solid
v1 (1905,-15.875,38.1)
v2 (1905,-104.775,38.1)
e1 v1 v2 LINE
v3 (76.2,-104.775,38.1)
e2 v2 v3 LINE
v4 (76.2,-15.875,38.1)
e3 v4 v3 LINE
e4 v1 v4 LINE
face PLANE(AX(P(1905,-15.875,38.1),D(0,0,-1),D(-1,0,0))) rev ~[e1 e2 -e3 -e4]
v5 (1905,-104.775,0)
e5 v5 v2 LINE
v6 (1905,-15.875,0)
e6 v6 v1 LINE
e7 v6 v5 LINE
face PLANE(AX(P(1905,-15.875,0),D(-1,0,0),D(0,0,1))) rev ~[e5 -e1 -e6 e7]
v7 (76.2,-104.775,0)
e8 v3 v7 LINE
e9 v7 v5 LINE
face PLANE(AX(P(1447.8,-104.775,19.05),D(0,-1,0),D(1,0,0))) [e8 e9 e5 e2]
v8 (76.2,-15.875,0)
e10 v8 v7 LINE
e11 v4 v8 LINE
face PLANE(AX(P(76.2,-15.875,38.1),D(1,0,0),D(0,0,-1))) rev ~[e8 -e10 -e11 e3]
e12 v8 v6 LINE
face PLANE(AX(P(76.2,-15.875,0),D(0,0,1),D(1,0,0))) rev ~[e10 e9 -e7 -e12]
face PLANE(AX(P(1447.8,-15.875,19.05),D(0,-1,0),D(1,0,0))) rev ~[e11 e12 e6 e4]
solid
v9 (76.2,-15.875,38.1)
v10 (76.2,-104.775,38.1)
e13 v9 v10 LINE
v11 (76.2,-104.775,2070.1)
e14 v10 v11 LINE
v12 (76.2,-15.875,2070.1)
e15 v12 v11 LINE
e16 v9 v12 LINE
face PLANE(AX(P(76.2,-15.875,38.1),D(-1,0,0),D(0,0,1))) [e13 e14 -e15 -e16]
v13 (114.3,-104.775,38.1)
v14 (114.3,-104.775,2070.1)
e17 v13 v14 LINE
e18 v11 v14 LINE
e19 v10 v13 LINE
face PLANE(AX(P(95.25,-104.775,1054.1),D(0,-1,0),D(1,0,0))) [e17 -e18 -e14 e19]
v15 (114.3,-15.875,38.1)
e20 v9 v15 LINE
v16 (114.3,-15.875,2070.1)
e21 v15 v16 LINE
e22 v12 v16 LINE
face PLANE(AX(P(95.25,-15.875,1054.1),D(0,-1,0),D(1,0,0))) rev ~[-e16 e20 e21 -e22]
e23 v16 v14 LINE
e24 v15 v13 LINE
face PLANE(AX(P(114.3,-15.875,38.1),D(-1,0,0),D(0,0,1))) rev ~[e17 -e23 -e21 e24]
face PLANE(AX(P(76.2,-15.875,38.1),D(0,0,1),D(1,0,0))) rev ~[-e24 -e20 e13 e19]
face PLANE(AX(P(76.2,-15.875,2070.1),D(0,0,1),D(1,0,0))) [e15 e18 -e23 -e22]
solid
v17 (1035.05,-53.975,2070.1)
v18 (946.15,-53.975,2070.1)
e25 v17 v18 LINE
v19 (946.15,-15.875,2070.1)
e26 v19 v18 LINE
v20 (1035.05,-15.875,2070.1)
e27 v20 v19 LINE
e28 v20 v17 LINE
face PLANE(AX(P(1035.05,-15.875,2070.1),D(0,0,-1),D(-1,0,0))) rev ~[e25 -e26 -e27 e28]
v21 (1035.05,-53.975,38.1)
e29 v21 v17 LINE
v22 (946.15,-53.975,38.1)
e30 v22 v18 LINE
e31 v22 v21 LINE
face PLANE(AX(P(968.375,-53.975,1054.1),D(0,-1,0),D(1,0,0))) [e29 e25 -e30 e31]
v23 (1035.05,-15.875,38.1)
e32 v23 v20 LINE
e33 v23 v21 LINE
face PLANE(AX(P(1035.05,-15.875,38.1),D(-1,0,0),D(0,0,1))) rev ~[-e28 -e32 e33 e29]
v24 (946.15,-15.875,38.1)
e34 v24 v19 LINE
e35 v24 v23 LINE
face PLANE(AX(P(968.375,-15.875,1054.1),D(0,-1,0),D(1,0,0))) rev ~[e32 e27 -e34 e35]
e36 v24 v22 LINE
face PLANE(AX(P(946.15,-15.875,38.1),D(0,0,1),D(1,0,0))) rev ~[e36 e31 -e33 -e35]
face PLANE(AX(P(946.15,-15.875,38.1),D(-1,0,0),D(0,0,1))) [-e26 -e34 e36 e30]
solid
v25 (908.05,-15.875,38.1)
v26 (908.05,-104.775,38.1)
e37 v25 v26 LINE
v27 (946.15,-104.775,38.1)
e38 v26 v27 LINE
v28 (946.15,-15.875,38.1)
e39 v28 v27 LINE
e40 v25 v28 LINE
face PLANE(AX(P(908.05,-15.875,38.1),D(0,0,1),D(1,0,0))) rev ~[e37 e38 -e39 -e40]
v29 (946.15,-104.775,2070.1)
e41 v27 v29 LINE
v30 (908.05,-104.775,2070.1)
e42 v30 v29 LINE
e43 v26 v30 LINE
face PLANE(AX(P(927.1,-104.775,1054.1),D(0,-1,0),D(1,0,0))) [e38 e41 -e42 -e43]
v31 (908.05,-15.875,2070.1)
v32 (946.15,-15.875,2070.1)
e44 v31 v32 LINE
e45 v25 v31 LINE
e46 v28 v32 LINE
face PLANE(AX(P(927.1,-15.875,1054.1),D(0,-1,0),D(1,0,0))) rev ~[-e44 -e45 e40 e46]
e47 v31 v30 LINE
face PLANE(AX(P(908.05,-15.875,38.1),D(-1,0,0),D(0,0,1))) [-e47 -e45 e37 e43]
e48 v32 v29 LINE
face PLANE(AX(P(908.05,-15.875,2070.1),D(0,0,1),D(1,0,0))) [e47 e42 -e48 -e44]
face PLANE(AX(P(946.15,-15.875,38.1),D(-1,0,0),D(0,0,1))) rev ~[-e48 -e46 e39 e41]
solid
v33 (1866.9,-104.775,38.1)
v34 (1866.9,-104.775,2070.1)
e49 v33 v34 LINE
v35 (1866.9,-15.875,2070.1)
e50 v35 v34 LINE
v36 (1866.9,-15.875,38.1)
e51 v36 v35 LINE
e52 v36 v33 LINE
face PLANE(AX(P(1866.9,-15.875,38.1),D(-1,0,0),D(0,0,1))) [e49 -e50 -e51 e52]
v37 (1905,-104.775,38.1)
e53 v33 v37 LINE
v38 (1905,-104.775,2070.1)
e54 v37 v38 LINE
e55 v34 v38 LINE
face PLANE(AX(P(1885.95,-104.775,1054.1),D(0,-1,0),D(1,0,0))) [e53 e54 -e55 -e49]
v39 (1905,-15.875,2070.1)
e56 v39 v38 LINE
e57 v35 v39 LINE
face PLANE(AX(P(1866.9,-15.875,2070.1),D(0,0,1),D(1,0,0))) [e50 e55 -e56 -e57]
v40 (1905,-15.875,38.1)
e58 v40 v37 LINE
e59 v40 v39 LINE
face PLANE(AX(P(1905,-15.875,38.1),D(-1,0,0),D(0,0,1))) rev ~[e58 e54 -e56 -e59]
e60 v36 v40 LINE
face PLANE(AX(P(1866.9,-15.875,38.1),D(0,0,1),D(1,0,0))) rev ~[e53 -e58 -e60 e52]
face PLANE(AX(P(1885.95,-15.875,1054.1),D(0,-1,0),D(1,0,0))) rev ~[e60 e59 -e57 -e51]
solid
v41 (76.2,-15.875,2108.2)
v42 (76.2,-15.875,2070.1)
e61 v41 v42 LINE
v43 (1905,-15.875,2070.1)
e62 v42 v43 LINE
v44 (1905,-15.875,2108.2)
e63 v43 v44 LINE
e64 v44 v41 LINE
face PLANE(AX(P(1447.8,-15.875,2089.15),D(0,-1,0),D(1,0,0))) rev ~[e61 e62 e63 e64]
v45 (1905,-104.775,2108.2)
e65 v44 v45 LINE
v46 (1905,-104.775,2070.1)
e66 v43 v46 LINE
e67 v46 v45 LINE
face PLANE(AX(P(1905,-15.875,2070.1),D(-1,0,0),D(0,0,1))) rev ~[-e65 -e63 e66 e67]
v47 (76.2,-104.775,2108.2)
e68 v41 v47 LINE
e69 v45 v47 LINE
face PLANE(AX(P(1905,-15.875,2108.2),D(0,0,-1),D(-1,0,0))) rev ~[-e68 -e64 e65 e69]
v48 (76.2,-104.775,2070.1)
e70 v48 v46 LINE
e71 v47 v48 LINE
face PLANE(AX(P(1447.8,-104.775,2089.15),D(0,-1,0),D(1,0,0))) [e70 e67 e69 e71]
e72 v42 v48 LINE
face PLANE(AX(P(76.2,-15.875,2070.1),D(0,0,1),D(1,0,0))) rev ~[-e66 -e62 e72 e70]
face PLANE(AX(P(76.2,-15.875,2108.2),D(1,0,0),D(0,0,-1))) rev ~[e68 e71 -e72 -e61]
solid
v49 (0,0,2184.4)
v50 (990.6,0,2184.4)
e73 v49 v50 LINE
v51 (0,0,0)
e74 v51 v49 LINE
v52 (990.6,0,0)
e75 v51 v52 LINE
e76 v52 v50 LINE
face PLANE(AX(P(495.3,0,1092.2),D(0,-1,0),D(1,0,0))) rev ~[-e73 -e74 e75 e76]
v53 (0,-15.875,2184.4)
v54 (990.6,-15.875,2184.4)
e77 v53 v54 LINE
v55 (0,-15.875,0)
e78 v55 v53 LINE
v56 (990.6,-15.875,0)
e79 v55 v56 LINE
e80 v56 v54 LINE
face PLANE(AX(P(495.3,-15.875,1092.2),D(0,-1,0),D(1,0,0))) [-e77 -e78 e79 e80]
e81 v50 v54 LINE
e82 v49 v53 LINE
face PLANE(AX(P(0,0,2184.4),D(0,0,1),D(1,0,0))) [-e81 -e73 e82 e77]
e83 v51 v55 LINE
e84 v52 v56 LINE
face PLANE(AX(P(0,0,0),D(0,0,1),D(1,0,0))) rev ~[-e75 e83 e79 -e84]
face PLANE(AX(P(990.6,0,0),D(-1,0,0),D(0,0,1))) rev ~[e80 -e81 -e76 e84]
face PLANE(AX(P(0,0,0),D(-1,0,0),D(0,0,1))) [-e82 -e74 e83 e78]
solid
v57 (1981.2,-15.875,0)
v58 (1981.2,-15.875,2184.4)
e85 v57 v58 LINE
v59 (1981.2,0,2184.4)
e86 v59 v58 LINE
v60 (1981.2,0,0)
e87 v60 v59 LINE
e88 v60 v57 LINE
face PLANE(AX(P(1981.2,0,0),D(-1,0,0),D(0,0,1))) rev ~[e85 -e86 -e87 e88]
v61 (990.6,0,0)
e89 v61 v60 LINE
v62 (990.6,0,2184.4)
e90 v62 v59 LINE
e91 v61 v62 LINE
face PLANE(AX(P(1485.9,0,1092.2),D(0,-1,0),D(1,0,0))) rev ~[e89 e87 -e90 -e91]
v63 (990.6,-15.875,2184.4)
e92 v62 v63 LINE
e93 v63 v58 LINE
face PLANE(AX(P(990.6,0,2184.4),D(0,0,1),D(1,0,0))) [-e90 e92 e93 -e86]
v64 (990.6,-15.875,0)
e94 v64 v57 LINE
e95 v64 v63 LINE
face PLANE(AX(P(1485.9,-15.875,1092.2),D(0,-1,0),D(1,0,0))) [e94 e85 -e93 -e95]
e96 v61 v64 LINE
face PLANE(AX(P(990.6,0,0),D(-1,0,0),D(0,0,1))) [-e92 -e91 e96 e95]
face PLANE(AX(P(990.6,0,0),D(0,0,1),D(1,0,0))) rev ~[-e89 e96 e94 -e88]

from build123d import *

# Parameters (mm, degrees)
F0_W     = 990.6
F0_H     = 2184.4
F1_DEPTH = 15.875
F2_DEPTH = 15.875
F4_DEPTH = 88.9
F3_W     = 38.1
F3_H     = 2032
F5_DEPTH = 88.9
F3_W_2   = 44.45
F6_DEPTH = 38.1


with BuildPart() as f1:
    # F0 (on Front) → F1 (new body)
    with BuildSketch(Plane.XZ):
        with Locations((495.3, 1092.2)):
            Rectangle(F0_W, F0_H)
    extrude(amount=F1_DEPTH)


with BuildPart() as f2:
    # F0 (on Front) → F2 (new body)
    with BuildSketch(Plane.XZ):
        with Locations((1485.9, 1092.2)):
            Rectangle(F0_W, F0_H)
    extrude(amount=F2_DEPTH)


with BuildPart() as f4:
    # F3 (on face) → F4 (new body)
    with BuildSketch(Plane.XZ.offset(15.875)):
        Polygon((990.6, 2108.2), (990.6, 2070.1), (1035.05, 2070.1), (1866.9, 2070.1), (1905, 2070.1), (1905, 2108.2), align=None)
        Polygon((76.2, 2108.2), (76.2, 2070.1), (114.3, 2070.1), (908.05, 2070.1), (946.15, 2070.1), (990.6, 2070.1), (990.6, 2108.2), align=None)
        Polygon((990.6, 38.1), (990.6, 0), (1905, 0), (1905, 38.1), (1866.9, 38.1), (1035.05, 38.1), align=None)
        Polygon((76.2, 38.1), (76.2, 0), (990.6, 0), (990.6, 38.1), (946.15, 38.1), (908.05, 38.1), (114.3, 38.1), align=None)
    extrude(amount=F4_DEPTH)


with BuildPart() as f5:
    # F3 (on face) → F5 (new body)
    with BuildSketch(Plane.XZ.offset(15.875)):
        with Locations((95.25, 1054.1)):
            Rectangle(F3_W, F3_H)
        with Locations((1885.95, 1054.1)):
            Rectangle(F3_W, F3_H)
        with Locations((927.1, 1054.1)):
            Rectangle(F3_W, F3_H)
    extrude(amount=F5_DEPTH)


with BuildPart() as f6:
    # F3 (on face) → F6 (new body)
    with BuildSketch(Plane.XZ.offset(15.875)):
        with Locations((968.375, 1054.1)):
            Rectangle(F3_W_2, F3_H)
        with Locations((1012.825, 1054.1)):
            Rectangle(F3_W_2, F3_H)
    extrude(amount=F6_DEPTH)


solid = Compound([f1.part, f2.part, f4.part, f5.part, f6.part])
